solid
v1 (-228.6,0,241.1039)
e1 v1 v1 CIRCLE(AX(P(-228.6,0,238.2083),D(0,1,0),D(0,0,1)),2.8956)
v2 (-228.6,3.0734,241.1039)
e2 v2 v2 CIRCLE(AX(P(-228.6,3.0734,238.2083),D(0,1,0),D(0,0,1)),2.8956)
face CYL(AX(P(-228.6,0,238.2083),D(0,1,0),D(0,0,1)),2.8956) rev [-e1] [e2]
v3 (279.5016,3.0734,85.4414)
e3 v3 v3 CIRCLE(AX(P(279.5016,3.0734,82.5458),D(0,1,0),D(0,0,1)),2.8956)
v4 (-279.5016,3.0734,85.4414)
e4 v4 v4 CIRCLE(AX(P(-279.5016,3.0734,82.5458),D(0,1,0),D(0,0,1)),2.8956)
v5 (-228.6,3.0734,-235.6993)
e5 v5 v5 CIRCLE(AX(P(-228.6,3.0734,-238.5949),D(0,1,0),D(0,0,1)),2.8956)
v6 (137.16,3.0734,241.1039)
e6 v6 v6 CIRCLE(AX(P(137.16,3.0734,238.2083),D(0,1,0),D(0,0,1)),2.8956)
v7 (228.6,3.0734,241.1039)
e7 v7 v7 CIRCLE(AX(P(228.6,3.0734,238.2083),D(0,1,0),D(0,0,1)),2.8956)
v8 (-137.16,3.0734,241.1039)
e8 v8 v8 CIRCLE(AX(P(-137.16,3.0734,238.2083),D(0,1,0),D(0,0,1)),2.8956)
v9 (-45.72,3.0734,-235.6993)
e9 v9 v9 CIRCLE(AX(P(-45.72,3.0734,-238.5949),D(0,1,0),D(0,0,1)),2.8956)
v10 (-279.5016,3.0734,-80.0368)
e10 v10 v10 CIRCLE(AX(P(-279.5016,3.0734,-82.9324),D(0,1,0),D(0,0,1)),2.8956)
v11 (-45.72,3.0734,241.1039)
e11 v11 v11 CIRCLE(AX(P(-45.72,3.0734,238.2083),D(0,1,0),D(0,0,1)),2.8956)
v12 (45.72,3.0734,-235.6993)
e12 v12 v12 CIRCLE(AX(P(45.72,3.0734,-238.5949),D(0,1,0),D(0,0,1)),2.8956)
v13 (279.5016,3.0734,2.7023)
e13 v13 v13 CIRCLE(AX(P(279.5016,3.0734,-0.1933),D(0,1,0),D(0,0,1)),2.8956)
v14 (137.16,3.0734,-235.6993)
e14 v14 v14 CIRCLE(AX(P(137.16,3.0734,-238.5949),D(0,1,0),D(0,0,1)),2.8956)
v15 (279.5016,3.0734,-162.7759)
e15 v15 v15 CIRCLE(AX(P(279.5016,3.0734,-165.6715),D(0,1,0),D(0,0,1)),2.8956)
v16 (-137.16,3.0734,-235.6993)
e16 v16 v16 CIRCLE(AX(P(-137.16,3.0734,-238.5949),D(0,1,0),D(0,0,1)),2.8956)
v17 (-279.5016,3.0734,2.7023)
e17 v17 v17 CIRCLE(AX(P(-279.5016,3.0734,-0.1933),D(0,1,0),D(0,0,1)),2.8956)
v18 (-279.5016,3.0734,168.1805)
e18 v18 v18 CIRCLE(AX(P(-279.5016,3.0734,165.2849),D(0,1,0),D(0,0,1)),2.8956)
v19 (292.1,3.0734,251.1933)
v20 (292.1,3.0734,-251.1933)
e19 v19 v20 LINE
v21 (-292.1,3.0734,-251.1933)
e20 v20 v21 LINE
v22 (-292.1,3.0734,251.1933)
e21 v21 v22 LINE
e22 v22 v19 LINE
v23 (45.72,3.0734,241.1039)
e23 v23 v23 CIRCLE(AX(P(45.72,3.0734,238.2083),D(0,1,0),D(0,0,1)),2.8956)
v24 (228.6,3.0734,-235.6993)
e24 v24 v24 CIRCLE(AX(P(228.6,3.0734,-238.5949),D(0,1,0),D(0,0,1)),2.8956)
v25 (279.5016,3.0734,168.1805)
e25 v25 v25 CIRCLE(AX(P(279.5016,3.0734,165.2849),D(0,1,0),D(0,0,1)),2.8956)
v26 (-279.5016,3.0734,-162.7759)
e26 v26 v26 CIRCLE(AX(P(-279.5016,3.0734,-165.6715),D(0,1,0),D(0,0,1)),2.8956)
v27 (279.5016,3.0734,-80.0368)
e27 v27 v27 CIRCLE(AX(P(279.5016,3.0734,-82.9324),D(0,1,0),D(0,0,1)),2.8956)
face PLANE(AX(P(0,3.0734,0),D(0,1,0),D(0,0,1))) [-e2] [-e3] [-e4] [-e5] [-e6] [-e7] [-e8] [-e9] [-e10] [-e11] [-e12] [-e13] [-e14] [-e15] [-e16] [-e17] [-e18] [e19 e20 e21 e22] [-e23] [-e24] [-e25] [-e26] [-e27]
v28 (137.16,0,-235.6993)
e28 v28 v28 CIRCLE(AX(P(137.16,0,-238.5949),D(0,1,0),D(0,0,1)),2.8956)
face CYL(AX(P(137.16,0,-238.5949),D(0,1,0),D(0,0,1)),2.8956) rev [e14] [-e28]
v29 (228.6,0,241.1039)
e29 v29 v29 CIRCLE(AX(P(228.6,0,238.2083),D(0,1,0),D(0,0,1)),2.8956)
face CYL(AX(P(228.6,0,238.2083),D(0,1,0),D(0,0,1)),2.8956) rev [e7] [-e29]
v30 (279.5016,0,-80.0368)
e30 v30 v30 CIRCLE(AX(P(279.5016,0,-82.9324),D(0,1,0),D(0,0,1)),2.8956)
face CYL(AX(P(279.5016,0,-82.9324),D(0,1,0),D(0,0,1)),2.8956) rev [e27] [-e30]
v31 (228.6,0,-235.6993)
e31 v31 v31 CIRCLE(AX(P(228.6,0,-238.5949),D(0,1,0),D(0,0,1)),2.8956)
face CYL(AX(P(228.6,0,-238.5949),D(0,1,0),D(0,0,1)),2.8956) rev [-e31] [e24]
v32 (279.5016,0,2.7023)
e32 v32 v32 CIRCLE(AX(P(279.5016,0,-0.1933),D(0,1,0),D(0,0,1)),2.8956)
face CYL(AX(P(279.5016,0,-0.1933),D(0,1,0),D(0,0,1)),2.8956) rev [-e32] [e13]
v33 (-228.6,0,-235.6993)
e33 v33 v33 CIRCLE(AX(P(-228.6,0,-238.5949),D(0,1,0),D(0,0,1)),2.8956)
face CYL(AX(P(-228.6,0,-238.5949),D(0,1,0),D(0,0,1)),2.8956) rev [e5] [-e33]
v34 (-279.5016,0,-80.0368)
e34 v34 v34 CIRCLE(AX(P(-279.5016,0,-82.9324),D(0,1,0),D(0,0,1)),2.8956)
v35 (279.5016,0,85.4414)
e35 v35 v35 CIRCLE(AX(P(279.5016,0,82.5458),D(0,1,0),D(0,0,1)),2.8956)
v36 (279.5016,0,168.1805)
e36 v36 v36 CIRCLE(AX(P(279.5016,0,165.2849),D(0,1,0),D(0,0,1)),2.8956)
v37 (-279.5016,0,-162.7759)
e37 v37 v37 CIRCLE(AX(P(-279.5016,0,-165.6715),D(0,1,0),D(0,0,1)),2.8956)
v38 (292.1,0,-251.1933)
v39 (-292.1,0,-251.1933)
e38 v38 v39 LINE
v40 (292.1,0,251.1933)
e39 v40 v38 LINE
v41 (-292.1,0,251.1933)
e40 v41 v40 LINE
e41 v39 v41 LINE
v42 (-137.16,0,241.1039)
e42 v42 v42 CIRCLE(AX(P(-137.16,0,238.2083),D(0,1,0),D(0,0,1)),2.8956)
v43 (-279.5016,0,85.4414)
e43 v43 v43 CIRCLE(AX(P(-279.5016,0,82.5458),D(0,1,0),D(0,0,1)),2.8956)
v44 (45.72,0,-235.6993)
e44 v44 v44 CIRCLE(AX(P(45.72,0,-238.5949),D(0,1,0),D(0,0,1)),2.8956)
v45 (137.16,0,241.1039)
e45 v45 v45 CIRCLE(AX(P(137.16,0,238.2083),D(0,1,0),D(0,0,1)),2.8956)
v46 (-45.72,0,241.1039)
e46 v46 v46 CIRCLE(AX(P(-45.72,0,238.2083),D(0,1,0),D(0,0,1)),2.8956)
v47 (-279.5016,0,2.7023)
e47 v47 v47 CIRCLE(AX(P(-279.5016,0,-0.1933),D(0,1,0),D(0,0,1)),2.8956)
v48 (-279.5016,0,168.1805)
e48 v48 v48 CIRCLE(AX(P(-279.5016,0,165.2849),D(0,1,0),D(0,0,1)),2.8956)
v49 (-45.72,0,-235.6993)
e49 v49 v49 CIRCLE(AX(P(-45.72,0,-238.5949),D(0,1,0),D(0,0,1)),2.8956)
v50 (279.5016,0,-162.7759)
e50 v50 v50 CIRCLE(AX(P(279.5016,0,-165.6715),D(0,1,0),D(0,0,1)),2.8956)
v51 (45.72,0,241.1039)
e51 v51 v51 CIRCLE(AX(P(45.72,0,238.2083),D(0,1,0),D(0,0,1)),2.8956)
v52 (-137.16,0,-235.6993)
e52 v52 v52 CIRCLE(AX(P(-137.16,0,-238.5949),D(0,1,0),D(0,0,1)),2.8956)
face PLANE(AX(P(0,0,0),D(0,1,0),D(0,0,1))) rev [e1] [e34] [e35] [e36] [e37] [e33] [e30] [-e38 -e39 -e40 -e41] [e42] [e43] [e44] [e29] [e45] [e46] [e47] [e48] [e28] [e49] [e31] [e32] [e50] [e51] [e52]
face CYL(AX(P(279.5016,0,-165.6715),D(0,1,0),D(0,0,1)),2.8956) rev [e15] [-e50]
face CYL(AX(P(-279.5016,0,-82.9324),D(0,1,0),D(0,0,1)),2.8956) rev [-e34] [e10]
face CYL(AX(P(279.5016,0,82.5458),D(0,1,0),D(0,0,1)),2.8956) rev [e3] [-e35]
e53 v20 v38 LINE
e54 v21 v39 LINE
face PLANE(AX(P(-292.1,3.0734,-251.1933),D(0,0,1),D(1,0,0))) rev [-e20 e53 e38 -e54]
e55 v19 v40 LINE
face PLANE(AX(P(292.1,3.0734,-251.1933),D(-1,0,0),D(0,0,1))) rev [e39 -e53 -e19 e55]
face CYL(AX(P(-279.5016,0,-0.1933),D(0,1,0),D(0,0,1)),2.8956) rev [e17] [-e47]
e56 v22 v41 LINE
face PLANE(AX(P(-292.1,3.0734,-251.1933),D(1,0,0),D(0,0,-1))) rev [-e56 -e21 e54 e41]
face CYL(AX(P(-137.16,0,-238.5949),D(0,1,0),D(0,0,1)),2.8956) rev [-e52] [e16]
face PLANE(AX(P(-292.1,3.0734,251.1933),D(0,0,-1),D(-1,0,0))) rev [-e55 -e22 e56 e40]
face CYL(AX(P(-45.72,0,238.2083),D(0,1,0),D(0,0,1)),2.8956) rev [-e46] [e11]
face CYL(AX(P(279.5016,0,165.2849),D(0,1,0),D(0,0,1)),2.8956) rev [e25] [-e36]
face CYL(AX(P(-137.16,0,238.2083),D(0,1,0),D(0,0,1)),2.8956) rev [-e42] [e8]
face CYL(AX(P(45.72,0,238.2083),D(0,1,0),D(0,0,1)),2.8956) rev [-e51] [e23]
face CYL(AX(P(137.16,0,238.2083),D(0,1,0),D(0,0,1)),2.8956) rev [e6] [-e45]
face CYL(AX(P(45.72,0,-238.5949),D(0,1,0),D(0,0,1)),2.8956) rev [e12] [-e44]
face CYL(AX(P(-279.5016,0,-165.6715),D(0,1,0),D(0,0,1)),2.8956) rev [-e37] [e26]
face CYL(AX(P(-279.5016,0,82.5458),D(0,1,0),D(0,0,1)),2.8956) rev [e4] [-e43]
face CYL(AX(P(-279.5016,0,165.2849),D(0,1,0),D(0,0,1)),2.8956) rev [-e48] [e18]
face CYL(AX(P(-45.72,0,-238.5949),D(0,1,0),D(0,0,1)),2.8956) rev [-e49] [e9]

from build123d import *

# Parameters (mm, degrees)
SKETCH1_W                = 584.2
SKETCH1_H                = 502.3866
TOPPLATE_DEPTH           = 3.0734
SKETCH2_R                = 2.8956
FRONT_REARTOPHOLES_DEPTH = 386.26605061
LPATTERN1_COUNT          = 6
LPATTERN1_PITCH          = 91.44
SKETCH3_R                = 2.8956
CUT_EXTRUDE2_DEPTH       = 386.26605061
LPATTERN2_COUNT          = 5
LPATTERN2_PITCH          = 82.739099952


with BuildPart() as part:
    # Sketch1 → TopPlate (new body)
    with BuildSketch(Plane(origin=(0, 0, 0), x_dir=(1, 0, 0), z_dir=(0, 1, 0))):
        Rectangle(SKETCH1_W, SKETCH1_H)
    extrude(amount=TOPPLATE_DEPTH)

    # Sketch2 → Front/RearTopHoles (cut, through all)
    with BuildSketch(Plane(origin=(0, 3.0734, 0), x_dir=(1, 0, 0), z_dir=(0, 1, 0))):
        with Locations(Location((-228.6, 238.5949, 0), (0, 0, 270))):
            Circle(SKETCH2_R)
        with Locations(Location((-228.6, -238.208299808, 0), (0, 0, 270))):
            Circle(SKETCH2_R)
    front_reartopholes = extrude(amount=-FRONT_REARTOPHOLES_DEPTH, mode=Mode.SUBTRACT)

    # LPattern1: Front/RearTopHoles ×6
    with Locations(*[(i * LPATTERN1_PITCH, 0, 0) for i in range(1, LPATTERN1_COUNT)]):
        add(front_reartopholes, mode=Mode.SUBTRACT)

    # Sketch3 → Cut-Extrude2 (cut, through all)
    with BuildSketch(Plane(origin=(0, 3.0734, 0), x_dir=(1, 0, 0), z_dir=(0, 1, 0))):
        with Locations(Location((-279.5016, 165.6715, 0), (0, 0, 270))):
            Circle(SKETCH3_R)
        with Locations(Location((279.5016, 165.6715, 0), (0, 0, 270))):
            Circle(SKETCH3_R)
    cut_extrude2 = extrude(amount=-CUT_EXTRUDE2_DEPTH, mode=Mode.SUBTRACT)

    # LPattern2: Cut-Extrude2 ×5
    with Locations(*[(0, 0, i * LPATTERN2_PITCH) for i in range(1, LPATTERN2_COUNT)]):
        add(cut_extrude2, mode=Mode.SUBTRACT)


solid = part.part
